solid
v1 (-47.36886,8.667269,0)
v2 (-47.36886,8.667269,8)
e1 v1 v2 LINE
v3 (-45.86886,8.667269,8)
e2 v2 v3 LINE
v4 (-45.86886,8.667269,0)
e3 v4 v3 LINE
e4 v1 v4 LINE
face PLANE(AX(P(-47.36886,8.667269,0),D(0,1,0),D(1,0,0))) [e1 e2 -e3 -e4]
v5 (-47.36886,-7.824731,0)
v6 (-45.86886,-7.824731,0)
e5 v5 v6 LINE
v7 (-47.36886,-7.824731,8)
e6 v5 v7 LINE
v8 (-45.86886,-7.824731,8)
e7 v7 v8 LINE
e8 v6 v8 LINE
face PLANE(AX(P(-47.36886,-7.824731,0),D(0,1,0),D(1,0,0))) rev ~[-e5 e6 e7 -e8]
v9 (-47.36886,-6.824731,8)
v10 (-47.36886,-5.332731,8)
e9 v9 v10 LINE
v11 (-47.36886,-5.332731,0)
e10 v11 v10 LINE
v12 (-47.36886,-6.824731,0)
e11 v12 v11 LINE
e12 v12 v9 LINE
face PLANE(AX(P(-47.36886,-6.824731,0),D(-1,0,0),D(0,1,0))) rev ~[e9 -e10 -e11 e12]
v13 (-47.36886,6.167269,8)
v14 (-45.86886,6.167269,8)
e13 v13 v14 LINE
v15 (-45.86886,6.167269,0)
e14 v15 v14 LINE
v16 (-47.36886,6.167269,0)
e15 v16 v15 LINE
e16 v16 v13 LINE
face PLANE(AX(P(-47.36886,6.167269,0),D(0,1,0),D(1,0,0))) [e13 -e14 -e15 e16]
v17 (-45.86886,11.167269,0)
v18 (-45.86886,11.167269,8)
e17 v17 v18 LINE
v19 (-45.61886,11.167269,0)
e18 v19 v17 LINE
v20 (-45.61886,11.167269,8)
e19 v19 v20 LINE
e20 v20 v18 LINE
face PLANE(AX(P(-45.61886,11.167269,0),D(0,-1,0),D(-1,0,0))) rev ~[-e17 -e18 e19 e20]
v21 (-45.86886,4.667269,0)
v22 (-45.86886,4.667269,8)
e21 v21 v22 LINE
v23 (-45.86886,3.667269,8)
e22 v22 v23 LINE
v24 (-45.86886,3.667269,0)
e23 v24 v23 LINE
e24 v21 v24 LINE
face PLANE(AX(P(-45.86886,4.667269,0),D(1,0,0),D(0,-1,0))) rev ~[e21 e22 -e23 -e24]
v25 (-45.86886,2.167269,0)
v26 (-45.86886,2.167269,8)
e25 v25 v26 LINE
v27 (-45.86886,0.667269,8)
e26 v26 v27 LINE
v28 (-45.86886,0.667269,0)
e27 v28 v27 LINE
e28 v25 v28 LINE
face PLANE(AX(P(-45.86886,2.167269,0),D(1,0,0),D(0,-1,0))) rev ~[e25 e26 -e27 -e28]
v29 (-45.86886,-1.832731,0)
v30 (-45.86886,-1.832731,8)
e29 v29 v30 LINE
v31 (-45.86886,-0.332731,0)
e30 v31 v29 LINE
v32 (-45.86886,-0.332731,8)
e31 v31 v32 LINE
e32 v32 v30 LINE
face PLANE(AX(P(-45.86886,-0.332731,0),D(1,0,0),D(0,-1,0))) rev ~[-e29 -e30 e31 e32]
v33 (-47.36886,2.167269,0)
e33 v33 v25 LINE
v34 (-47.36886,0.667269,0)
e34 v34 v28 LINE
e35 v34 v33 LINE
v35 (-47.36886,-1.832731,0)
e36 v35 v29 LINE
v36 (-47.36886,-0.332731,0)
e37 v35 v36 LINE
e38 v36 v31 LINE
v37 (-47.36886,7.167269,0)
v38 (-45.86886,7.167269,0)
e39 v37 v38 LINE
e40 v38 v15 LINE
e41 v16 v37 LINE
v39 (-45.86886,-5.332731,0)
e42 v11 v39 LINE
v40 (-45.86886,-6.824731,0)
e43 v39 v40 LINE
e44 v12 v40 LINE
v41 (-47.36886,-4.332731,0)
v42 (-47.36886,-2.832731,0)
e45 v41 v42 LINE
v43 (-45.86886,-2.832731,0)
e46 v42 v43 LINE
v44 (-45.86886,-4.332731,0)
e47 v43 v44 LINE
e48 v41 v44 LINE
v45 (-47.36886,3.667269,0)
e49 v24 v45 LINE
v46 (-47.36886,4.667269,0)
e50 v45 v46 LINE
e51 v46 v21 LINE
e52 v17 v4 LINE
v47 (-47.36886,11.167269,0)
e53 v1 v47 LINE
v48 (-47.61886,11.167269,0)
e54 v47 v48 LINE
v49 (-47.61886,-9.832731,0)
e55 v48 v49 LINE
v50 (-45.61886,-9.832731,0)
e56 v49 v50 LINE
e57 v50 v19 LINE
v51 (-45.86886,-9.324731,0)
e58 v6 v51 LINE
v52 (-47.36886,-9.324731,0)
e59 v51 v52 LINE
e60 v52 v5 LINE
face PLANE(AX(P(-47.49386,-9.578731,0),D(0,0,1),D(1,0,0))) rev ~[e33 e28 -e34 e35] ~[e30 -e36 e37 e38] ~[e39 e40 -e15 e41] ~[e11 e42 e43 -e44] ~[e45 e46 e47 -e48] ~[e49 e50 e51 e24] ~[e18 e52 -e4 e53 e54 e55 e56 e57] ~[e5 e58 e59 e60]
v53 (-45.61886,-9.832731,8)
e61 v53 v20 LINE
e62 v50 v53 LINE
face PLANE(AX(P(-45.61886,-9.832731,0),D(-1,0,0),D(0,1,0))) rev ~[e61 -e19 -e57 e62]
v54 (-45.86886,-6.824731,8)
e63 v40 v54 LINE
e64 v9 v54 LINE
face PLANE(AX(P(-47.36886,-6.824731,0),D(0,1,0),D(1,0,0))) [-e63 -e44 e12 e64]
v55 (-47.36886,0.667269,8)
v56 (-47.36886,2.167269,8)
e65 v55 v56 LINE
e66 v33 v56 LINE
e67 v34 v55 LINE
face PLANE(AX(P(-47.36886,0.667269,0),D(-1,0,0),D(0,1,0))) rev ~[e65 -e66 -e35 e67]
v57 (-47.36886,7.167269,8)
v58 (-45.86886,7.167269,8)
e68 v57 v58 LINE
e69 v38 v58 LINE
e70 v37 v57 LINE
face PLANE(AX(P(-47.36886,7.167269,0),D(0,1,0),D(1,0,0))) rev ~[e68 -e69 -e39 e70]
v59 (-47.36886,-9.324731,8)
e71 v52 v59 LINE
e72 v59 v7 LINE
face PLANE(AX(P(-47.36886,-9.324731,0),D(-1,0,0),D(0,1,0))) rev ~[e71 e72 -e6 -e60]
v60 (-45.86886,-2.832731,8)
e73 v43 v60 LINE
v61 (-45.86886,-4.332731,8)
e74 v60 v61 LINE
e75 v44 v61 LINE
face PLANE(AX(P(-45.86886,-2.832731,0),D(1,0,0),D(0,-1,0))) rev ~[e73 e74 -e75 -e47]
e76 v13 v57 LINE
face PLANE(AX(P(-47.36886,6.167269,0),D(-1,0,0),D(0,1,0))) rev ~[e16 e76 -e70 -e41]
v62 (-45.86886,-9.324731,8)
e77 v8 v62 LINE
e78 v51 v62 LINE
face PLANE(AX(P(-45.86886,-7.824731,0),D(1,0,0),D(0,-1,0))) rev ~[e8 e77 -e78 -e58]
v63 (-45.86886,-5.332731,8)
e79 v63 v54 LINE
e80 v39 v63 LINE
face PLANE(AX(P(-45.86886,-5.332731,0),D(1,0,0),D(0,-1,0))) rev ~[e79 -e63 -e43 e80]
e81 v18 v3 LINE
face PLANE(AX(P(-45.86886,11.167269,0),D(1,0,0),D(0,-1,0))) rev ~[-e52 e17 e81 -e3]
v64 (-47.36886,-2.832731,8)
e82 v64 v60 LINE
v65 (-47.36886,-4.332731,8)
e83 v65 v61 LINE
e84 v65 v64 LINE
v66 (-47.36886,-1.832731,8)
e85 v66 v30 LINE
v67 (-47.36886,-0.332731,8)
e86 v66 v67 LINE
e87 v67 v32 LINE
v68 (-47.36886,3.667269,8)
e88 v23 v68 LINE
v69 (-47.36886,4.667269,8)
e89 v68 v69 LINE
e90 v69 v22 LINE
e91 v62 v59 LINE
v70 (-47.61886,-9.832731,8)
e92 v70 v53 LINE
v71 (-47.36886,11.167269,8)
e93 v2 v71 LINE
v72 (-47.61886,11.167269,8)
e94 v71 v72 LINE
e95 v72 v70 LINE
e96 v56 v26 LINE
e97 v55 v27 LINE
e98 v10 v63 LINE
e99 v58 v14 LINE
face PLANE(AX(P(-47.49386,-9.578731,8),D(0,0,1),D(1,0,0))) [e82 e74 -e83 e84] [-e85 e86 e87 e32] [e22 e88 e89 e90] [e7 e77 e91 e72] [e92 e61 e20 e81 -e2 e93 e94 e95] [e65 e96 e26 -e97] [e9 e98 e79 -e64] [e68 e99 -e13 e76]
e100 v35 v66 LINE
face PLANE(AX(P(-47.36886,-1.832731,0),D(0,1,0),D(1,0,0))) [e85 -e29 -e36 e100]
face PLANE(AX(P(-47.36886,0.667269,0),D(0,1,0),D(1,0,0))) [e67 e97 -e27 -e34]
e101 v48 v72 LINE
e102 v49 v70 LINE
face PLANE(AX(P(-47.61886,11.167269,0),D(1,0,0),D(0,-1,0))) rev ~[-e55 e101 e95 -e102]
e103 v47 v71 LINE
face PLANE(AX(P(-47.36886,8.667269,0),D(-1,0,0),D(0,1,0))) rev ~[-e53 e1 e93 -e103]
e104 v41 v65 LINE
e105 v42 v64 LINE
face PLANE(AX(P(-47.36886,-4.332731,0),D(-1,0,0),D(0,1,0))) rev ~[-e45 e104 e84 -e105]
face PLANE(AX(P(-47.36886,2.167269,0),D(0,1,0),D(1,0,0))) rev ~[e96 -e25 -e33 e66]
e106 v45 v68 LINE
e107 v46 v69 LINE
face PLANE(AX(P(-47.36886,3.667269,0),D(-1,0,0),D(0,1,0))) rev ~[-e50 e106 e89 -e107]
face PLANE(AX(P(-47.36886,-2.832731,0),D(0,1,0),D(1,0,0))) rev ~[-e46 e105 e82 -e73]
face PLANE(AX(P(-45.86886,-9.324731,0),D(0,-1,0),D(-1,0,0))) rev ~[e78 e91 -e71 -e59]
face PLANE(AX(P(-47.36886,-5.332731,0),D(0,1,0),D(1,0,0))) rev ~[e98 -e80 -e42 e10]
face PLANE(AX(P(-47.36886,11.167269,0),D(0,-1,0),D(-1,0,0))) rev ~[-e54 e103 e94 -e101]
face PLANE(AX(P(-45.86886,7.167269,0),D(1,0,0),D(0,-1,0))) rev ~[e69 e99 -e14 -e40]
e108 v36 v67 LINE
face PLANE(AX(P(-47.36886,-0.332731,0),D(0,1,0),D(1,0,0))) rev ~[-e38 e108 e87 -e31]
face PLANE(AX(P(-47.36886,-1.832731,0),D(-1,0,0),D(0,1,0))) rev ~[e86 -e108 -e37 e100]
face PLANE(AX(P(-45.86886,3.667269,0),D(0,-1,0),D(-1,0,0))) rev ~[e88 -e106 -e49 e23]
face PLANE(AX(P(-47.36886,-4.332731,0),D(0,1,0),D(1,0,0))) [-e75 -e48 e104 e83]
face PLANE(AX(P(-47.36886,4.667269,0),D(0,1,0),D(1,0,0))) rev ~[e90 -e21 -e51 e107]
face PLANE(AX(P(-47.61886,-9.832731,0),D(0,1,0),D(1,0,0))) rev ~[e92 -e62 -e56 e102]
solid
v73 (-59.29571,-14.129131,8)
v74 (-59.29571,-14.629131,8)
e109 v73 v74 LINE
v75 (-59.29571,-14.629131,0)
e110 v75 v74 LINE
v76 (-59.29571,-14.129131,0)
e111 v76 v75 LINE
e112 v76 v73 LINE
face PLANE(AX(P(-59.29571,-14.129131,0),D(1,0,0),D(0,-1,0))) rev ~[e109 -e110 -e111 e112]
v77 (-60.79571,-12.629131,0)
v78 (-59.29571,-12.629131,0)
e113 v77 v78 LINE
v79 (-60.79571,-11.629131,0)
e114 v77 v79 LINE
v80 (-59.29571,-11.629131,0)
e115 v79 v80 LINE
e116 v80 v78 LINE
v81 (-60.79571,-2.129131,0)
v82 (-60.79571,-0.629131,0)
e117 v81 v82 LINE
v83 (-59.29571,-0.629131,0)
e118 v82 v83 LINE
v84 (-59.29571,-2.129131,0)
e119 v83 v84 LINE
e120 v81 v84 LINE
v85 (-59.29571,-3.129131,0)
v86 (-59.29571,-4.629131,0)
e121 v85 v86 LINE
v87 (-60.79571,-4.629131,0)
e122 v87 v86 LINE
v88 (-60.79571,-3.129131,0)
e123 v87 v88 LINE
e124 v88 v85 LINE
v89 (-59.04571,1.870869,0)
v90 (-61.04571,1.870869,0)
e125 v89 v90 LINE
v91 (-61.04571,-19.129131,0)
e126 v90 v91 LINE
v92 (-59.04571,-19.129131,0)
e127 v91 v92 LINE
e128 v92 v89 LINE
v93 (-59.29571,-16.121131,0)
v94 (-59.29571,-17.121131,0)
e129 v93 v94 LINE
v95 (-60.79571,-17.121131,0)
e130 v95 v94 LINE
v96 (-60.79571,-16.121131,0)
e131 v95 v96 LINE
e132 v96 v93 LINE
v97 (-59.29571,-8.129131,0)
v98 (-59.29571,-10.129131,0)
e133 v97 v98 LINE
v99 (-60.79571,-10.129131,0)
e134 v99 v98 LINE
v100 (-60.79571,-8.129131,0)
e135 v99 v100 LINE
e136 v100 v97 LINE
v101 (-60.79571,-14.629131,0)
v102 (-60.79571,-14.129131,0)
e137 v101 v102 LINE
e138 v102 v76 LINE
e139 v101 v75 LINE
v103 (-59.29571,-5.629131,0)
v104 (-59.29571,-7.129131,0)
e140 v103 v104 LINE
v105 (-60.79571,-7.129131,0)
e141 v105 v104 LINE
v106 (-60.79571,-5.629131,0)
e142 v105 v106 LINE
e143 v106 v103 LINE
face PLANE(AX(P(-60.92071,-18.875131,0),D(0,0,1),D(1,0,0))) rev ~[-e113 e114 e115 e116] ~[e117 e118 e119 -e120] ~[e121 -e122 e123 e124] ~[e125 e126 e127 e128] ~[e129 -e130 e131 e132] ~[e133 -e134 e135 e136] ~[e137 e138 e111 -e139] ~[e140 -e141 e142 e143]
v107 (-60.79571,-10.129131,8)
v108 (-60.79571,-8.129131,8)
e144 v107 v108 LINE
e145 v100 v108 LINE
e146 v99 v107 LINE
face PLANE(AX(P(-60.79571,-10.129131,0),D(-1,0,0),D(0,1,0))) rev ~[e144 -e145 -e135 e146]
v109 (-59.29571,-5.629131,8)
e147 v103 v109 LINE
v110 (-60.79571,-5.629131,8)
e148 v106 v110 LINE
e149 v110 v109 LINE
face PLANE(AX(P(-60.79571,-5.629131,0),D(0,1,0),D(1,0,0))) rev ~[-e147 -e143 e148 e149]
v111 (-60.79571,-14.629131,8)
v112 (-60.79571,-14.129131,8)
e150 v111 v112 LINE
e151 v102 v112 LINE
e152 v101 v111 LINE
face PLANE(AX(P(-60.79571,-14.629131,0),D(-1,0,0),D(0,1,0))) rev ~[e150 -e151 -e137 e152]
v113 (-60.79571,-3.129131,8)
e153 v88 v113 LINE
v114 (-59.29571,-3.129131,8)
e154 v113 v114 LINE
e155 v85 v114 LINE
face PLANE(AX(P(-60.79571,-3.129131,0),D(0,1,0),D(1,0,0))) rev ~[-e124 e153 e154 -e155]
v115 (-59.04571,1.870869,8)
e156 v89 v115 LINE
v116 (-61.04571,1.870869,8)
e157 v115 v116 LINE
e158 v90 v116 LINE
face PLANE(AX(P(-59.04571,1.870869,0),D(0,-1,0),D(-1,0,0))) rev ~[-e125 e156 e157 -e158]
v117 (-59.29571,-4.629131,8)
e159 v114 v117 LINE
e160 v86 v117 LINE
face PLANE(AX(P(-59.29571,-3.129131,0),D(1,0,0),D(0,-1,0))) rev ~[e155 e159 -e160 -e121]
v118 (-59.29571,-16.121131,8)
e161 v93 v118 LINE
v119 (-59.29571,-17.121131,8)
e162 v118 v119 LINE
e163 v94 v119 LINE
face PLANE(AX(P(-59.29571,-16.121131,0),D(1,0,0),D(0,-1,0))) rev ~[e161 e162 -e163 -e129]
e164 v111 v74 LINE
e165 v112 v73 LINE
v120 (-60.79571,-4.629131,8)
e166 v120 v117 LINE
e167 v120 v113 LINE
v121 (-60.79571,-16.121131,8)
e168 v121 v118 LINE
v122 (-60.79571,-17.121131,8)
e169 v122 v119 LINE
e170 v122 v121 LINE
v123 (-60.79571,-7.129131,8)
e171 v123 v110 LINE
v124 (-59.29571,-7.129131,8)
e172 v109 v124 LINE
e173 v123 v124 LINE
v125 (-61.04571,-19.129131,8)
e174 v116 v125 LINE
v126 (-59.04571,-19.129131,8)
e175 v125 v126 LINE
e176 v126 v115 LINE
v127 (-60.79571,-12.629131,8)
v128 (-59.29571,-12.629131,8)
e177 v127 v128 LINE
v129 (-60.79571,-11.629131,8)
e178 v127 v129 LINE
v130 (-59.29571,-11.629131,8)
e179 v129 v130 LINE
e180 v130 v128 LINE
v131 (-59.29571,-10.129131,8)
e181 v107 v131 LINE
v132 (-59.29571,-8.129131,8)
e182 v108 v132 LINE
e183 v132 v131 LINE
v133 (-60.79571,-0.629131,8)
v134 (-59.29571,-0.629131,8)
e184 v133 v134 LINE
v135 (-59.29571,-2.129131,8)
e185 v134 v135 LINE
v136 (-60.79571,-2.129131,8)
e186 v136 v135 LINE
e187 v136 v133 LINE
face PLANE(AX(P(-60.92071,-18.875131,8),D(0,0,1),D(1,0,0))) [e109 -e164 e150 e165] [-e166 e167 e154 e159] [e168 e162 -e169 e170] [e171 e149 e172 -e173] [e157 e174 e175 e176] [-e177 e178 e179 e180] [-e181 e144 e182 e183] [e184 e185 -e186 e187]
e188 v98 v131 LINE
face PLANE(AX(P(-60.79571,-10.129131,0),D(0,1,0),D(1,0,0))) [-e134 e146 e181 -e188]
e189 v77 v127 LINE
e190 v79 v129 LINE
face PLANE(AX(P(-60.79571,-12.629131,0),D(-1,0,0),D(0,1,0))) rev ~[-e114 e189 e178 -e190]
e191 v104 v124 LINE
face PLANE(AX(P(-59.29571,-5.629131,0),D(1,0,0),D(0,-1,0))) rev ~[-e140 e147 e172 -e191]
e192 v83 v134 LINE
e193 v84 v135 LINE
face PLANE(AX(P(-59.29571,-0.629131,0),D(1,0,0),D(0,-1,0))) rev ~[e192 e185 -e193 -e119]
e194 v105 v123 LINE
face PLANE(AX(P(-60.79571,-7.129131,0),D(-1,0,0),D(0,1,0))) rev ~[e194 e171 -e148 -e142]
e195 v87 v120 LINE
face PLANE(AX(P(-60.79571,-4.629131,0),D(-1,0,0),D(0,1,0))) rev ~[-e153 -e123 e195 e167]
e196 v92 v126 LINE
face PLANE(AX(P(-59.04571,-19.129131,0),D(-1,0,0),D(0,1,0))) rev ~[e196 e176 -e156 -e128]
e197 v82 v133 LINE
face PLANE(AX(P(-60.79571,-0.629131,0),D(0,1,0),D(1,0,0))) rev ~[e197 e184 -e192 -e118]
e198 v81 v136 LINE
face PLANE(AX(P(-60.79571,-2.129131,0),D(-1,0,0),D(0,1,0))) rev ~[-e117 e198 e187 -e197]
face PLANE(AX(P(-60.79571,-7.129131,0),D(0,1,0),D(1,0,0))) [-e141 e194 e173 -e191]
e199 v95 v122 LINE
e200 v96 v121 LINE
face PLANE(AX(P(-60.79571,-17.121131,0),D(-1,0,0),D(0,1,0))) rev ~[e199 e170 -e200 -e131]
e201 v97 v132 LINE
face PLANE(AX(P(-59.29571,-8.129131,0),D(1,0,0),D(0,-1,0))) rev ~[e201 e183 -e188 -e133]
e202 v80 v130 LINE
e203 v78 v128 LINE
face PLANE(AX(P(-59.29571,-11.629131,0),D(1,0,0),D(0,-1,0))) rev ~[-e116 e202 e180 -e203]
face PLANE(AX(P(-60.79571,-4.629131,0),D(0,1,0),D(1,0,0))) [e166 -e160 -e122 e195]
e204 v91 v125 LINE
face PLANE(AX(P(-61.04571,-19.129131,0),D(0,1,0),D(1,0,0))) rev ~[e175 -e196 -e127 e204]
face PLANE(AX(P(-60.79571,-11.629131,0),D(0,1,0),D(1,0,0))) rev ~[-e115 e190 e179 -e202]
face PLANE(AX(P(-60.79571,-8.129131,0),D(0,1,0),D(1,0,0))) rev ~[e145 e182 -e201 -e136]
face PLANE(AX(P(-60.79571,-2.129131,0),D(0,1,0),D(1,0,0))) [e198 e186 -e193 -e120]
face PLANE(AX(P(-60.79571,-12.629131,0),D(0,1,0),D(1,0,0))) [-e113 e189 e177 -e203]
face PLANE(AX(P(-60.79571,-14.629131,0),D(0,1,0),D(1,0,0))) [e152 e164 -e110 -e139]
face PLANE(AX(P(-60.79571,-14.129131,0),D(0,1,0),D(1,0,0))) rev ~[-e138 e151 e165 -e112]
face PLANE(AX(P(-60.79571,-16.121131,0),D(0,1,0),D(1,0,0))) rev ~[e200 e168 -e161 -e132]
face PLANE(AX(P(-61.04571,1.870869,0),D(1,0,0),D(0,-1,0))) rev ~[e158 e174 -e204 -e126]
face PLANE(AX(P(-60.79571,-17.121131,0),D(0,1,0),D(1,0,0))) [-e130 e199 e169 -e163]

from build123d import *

# Parameters (mm, degrees)
F0_W     = 0.25
F0_H     = 0.508
F0_H_2   = 1.5
F0_W_2   = 1.5
F0_H_3   = 1
F0_H_4   = 1.492
F1_DEPTH = 8


with BuildPart() as f1:
    # F0 (on Top) → F1 (new body)
    with BuildSketch(Plane.XY):
        with Locations((-60.9207099974, -18.8751309893)):
            Rectangle(F0_W, F0_H)
        with Locations((-59.1707099974, -18.8751309893)):
            Rectangle(F0_W, F0_H)
        Polygon((-59.2957099974, -18.6211309893), (-60.7957099974, -18.6211309893), (-60.7957099974, -19.1291309893), (-60.0457099974, -19.1291309893), (-59.2957099974, -19.1291309893), align=None)
        with Locations((-60.9207099974, -17.8711309893)):
            Rectangle(F0_W, F0_H_2)
        with Locations((-59.1707099974, -17.8711309893)):
            Rectangle(F0_W, F0_H_2)
        Polygon((-60.7957099974, 1.8708690107), (-61.0457099974, 1.8708690107), (-61.0457099974, -17.1211309893), (-60.7957099974, -17.1211309893), (-60.7957099974, -16.1211309893), (-60.7957099974, -14.6291309893), (-60.7957099974, -14.1291309893), (-60.7957099974, -12.6291309893), (-60.7957099974, -11.6291309893), (-60.7957099974, -10.1291309893), (-60.7957099974, -8.6291309893), (-60.7957099974, -8.1291309893), (-60.7957099974, -7.1291309893), (-60.7957099974, -6.6291309893), (-60.7957099974, -5.6291309893), (-60.7957099974, -4.6291309893), (-60.7957099974, -3.1291309893), (-60.7957099974, -2.1291309893), (-60.7957099974, -0.6291309893), (-60.7957099974, 0.3708690107), align=None)
        Polygon((-59.0457099974, 1.8708690107), (-59.2957099974, 1.8708690107), (-59.2957099974, 0.3708690107), (-59.2957099974, -0.6291309893), (-59.2957099974, -2.1291309893), (-59.2957099974, -3.1291309893), (-59.2957099974, -4.6291309893), (-59.2957099974, -5.6291309893), (-59.2957099974, -6.6291309893), (-59.2957099974, -7.1291309893), (-59.2957099974, -8.1291309893), (-59.2957099974, -8.6291309893), (-59.2957099974, -10.1291309893), (-59.2957099974, -11.6291309893), (-59.2957099974, -12.6291309893), (-59.2957099974, -14.1291309893), (-59.2957099974, -14.6291309893), (-59.2957099974, -16.1211309893), (-59.2957099974, -17.1211309893), (-59.0457099974, -17.1211309893), align=None)
        with Locations((-60.0457099974, 1.1208690107)):
            Rectangle(F0_W_2, F0_H_2)
        with Locations((-60.0457099974, -5.1291309893)):
            Rectangle(F0_W_2, F0_H_3)
        with Locations((-60.0457099974, -2.6291309893)):
            Rectangle(F0_W_2, F0_H_3)
        with Locations((-60.0457099974, -0.1291309893)):
            Rectangle(F0_W_2, F0_H_3)
        with Locations((-60.0457099974, -7.6291309893)):
            Rectangle(F0_W_2, F0_H_3)
        with Locations((-60.0457099974, -10.8791309893)):
            Rectangle(F0_W_2, F0_H_2)
        with Locations((-60.0457099974, -13.3791309893)):
            Rectangle(F0_W_2, F0_H_2)
        with Locations((-60.0457099974, -15.3751309893)):
            Rectangle(F0_W_2, F0_H_4)
        with Locations((-60.0457099974, -17.8711309893)):
            Rectangle(F0_W_2, F0_H_2)
    extrude(amount=F1_DEPTH)


with BuildPart() as f1b:
    # F0 (on Top) → F1, piece 2 (new body)
    with BuildSketch(Plane.XY):
        with Locations((-47.4938595545, -9.5787308139)):
            Rectangle(F0_W, F0_H)
        with Locations((-45.7438595545, -9.5787308139)):
            Rectangle(F0_W, F0_H)
        with Locations((-47.4938595545, -8.5747308139)):
            Rectangle(F0_W, F0_H_2)
        with Locations((-45.7438595545, -8.5747308139)):
            Rectangle(F0_W, F0_H_2)
        Polygon((-47.3688595545, 11.1672691861), (-47.6188595545, 11.1672691861), (-47.6188595545, -7.8247308139), (-47.3688595545, -7.8247308139), (-47.3688595545, -6.8247308139), (-47.3688595545, -5.3327308139), (-47.3688595545, -4.3327308139), (-47.3688595545, -2.8327308139), (-47.3688595545, -1.8327308139), (-47.3688595545, -0.3327308139), (-47.3688595545, 0.6672691861), (-47.3688595545, 2.1672691861), (-47.3688595545, 2.6672691861), (-47.3688595545, 3.6672691861), (-47.3688595545, 4.6672691861), (-47.3688595545, 6.1672691861), (-47.3688595545, 7.1672691861), (-47.3688595545, 8.6672691861), (-47.3688595545, 9.6672691861), align=None)
        Polygon((-45.6188595545, 11.1672691861), (-45.8688595545, 11.1672691861), (-45.8688595545, 9.6672691861), (-45.8688595545, 8.6672691861), (-45.8688595545, 7.1672691861), (-45.8688595545, 6.1672691861), (-45.8688595545, 4.6672691861), (-45.8688595545, 3.6672691861), (-45.8688595545, 2.6672691861), (-45.8688595545, 2.1672691861), (-45.8688595545, 0.6672691861), (-45.8688595545, -0.3327308139), (-45.8688595545, -1.8327308139), (-45.8688595545, -2.8327308139), (-45.8688595545, -4.3327308139), (-45.8688595545, -5.3327308139), (-45.8688595545, -6.8247308139), (-45.8688595545, -7.8247308139), (-45.6188595545, -7.8247308139), align=None)
        Polygon((-45.8688595545, -9.3247308139), (-47.3688595545, -9.3247308139), (-47.3688595545, -9.8327308139), (-46.6188595545, -9.8327308139), (-45.8688595545, -9.8327308139), align=None)
        with Locations((-46.6188595545, 7.9172691861)):
            Rectangle(F0_W_2, F0_H_2)
        with Locations((-46.6188595545, 5.4172691861)):
            Rectangle(F0_W_2, F0_H_2)
        Polygon((-45.8688595545, 3.6672691861), (-47.3688595545, 3.6672691861), (-47.3688595545, 2.6672691861), (-47.3688595545, 2.1672691861), (-45.8688595545, 2.1672691861), (-45.8688595545, 2.6672691861), align=None)
        with Locations((-46.6188595545, 0.1672691861)):
            Rectangle(F0_W_2, F0_H_3)
        with Locations((-46.6188595545, -2.3327308139)):
            Rectangle(F0_W_2, F0_H_3)
        with Locations((-46.6188595545, -4.8327308139)):
            Rectangle(F0_W_2, F0_H_3)
        with Locations((-46.6188595545, -7.3247308139)):
            Rectangle(F0_W_2, F0_H_3)
    extrude(amount=F1_DEPTH)


solid = Compound([f1.part, f1b.part])
